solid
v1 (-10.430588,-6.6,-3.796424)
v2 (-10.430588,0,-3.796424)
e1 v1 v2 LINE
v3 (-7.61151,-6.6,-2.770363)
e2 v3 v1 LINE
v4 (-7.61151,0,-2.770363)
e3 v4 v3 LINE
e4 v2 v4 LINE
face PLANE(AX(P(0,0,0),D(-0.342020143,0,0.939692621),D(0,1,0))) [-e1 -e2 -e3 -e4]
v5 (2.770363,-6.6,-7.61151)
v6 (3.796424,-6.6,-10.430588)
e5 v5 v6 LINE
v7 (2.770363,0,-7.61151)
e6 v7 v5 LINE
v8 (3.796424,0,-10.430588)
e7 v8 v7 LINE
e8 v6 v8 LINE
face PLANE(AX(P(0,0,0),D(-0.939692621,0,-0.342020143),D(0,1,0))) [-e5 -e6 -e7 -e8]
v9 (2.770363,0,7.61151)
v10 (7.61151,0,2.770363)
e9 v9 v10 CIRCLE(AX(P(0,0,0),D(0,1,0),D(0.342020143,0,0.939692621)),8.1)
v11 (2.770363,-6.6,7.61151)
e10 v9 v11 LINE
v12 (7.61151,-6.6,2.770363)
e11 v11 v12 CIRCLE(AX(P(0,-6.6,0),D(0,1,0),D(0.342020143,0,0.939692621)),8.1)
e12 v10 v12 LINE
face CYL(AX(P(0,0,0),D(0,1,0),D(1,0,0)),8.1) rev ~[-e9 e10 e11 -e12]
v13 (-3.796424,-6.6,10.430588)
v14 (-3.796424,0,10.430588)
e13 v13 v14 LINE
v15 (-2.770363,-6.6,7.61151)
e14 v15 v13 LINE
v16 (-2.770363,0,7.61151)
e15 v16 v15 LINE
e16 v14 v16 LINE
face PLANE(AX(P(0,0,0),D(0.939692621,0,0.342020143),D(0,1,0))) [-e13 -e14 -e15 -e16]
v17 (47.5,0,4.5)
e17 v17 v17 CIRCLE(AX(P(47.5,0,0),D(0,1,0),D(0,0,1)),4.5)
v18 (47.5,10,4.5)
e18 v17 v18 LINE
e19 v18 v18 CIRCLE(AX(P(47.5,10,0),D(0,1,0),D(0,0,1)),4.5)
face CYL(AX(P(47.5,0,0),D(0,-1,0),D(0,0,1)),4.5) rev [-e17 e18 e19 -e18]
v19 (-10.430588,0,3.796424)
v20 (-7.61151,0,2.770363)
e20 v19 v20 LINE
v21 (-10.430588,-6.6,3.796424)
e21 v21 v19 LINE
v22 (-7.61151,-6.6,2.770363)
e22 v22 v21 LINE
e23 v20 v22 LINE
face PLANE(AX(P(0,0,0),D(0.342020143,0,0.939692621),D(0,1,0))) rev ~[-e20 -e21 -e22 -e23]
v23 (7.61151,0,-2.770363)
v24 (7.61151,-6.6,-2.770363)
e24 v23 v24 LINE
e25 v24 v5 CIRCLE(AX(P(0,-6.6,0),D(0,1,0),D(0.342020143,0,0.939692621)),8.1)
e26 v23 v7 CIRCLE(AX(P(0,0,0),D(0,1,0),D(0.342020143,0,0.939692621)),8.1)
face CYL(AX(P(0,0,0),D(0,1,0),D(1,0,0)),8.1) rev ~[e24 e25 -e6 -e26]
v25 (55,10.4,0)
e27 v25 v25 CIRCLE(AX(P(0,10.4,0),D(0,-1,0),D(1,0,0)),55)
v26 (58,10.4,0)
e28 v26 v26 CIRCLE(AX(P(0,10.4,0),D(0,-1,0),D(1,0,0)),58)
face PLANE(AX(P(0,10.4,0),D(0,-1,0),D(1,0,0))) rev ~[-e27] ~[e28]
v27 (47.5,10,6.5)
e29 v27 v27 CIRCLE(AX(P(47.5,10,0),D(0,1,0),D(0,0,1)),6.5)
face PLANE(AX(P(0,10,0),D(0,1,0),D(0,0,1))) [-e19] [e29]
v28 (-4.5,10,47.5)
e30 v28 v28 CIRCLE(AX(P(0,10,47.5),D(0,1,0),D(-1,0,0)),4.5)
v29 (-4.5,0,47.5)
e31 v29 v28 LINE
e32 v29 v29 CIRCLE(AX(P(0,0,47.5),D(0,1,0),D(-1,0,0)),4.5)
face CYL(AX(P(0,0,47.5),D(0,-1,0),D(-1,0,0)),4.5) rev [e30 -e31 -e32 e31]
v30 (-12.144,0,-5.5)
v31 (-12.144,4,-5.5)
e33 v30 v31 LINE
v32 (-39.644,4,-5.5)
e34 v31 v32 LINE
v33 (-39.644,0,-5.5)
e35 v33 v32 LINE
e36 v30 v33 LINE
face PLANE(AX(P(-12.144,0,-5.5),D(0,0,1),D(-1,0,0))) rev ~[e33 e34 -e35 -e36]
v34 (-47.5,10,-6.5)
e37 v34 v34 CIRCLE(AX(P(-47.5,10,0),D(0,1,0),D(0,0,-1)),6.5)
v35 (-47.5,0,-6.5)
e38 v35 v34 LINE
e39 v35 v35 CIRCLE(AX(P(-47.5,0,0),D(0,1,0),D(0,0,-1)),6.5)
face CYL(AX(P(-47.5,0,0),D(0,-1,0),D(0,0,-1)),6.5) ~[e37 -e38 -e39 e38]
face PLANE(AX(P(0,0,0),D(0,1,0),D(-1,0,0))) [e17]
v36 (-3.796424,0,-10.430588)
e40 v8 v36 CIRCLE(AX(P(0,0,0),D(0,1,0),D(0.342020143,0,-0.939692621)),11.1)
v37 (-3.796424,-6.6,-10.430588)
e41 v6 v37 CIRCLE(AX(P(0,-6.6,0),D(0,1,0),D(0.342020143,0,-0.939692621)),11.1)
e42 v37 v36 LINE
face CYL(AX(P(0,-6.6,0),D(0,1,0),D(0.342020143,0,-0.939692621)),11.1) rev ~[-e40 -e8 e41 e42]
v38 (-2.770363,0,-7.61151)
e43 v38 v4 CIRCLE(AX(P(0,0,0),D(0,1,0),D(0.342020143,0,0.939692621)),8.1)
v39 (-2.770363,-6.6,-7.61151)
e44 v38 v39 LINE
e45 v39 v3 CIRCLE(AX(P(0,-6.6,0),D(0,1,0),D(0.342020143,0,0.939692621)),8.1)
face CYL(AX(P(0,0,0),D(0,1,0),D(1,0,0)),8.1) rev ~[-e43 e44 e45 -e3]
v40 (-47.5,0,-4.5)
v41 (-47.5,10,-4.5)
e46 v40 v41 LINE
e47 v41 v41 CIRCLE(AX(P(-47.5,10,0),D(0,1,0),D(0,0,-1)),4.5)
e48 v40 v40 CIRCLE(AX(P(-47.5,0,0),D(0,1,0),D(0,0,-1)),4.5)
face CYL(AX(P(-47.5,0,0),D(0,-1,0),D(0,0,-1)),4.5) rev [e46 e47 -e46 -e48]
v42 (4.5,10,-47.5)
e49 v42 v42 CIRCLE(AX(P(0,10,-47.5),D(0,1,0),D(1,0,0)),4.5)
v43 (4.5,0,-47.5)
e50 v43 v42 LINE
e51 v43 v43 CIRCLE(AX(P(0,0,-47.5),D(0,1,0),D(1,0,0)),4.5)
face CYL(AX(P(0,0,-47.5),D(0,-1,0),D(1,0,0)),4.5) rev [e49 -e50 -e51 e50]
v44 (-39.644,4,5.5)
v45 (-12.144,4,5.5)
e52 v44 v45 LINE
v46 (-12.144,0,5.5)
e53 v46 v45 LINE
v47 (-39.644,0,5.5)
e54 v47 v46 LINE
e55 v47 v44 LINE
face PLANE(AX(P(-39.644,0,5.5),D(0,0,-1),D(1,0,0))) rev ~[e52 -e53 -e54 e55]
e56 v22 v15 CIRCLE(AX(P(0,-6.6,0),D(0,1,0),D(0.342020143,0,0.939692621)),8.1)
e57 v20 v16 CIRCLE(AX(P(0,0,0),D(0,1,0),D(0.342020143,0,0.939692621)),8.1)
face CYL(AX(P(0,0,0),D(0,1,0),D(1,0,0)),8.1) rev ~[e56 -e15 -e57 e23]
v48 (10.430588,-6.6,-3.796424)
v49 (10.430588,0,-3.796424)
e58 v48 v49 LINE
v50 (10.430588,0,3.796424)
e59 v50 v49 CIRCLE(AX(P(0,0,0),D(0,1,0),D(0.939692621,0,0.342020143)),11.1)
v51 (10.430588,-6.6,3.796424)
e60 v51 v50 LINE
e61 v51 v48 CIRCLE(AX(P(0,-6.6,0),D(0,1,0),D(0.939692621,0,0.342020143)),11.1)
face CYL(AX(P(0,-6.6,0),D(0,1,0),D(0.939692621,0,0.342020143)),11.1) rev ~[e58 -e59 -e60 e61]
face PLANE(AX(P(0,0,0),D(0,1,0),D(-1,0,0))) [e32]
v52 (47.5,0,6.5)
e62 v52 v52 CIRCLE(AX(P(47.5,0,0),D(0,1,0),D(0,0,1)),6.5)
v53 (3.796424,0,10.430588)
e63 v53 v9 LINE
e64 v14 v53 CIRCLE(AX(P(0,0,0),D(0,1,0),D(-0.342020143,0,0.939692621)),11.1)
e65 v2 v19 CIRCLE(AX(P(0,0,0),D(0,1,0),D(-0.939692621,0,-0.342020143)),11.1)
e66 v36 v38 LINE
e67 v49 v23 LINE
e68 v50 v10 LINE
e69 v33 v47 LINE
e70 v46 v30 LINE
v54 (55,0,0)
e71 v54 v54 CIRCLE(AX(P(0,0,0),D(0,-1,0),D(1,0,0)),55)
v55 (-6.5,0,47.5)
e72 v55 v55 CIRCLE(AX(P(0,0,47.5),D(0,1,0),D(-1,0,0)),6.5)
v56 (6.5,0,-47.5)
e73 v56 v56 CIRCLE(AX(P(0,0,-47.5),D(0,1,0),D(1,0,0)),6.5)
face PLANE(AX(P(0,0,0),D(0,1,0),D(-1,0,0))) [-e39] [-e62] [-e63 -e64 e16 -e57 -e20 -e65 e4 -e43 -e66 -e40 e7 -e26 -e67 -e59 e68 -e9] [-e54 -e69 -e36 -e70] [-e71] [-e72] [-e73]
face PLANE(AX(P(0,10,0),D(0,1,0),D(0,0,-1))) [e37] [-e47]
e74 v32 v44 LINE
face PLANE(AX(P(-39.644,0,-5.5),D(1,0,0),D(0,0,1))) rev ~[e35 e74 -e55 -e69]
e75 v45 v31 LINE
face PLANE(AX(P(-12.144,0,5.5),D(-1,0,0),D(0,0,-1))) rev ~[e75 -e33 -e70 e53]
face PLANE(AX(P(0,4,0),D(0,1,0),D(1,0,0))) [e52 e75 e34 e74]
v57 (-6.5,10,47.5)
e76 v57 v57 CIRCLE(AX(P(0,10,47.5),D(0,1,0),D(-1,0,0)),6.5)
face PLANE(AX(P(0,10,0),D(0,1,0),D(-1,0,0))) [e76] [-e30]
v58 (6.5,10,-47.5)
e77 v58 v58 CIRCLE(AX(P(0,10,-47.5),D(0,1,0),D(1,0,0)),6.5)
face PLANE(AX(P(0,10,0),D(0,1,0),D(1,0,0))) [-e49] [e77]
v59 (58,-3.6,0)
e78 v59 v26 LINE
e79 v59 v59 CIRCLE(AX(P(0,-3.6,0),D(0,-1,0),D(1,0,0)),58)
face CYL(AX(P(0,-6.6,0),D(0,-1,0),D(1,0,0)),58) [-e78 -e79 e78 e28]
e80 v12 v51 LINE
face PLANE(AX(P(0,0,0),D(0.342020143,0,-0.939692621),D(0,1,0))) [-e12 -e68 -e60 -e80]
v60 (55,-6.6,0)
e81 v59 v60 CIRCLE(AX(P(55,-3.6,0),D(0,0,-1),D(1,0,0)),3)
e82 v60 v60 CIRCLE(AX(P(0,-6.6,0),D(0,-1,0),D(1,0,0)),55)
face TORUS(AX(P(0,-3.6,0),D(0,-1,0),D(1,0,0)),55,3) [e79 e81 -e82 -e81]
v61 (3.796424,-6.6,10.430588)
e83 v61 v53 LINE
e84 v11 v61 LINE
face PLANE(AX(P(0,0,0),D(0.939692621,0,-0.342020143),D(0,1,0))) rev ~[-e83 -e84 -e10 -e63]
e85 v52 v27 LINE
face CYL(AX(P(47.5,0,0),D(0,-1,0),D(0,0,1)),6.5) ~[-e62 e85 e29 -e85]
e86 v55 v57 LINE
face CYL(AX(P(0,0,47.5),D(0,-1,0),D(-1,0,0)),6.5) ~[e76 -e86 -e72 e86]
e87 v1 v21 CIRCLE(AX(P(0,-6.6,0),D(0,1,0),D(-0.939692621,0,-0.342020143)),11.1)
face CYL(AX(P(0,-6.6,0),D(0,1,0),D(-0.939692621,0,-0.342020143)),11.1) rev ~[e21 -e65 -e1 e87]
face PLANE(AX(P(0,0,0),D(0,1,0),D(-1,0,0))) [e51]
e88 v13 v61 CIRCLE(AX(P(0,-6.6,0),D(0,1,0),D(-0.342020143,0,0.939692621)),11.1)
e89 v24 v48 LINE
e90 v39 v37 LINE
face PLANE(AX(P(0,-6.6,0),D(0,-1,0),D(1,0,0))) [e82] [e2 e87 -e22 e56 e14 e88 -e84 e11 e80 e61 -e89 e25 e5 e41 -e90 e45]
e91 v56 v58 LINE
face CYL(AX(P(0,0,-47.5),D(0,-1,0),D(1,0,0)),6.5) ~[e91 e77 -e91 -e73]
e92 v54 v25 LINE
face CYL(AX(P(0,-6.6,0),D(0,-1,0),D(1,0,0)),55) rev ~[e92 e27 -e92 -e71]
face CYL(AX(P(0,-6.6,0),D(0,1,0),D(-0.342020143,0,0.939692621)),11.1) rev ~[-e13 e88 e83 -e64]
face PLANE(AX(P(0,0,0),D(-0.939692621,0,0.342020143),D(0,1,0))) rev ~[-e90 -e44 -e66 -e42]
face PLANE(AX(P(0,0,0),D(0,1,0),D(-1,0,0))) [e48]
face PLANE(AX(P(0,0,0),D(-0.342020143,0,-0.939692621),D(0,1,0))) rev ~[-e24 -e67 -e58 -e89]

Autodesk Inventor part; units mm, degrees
ref_plane "YZ Plane" through (0, 0, 0) normal (1, 0, 0) x (0, 1, 0)
ref_plane "XZ Plane" through (0, 0, 0) normal (0, 1, 0) x (-1, 0, 0)
ref_plane "XY Plane" through (0, 0, 0) normal (0, 0, 1) x (1, 0, 0)
sketch "Sketch1" plane through (0, 0, 0) normal (0, 1, 0) x (-1, 0, 0)
  circle A0 centre (0, 0) radius 55
  dimension "d4" = 110
sketch "Sketch2" plane through (0, 0, 0) normal (0, 1, 0) x (-1, 0, 0)
  circle A0 centre (0, 0) radius 40 construction
  circle A1 centre (0, 0) radius 47.5 construction
  circle A2 centre (0, 47.5) radius 4.5
  circle A3 centre (0, 47.5) radius 6.5
  dimension "d11" = 95
  dimension "d10" = 80
  dimension "d12" = 9
  dimension "d13" = 13
extrude "Extrusion1" add sketch "Sketch1" against normal blind 6.6
extrude "Extrusion2" add sketch "Sketch2" along normal blind 10
pattern_circular "Circular Pattern1" count 4 over 360 about axis through (0, -10, 0) along (0, 1, 0) of "Extrusion2"
sketch "Sketch3" plane through (0, -6.6, 0) normal (0, -1, 0) x (1, 0, 0)
  circle A0 centre (0, 0) radius 55
  circle A1 centre (0, 0) radius 55 projected
  circle A2 centre (0, 0) radius 58
  dimension "d21" = 116
extrude "Extrusion3" add sketch "Sketch3" against normal blind 17
sketch "Sketch4" plane through (0, 0, 0) normal (0, 1, 0) x (1, 0, 0)
  circle A0 centre (0, 0) radius 8.1
  dimension "d24" = 16.2
extrude "Extrusion4" cut sketch "Sketch4" against normal blind 30
sketch "Sketch6" plane through (0, 0, 0) normal (1, 0, 0) x (0, 1, 0)
  line L0 (0, 8.1) -> (0, -8.1) projected
  line L1 (-6.6, -58) -> (-6.6, 58) projected
  line L2 (0, 8.1) -> (-6.6, 8.1)
  line L3 (-6.6, 8.1) -> (-6.6, 11.1)
  line L4 (-6.6, 11.1) -> (0, 11.1)
  line L5 (0, 11.1) -> (0, 8.1)
  line L6 (-8.4, 0) -> (1.4, 0) projected
  point P0 (0, 0)
  dimension "d27" = 3
revolve "Revolution1" cut sketch "Sketch6" angle 40 mid plane about axis through (0, -10, 0) along (0, 1, 0) contours L2 L1 L4 L5
pattern_circular "Circular Pattern2" count 4 over 360 about axis through (0, -10, 0) along (0, 1, 0) of "Revolution1"
fillet "Fillet1" radius 3 1 edges at (-58, -6.6, 0)
sketch "Sketch7" plane through (0, 0, 0) normal (0, 1, 0) x (1, 0, 0)
  circle A0 centre (0, 0) radius 12.5 construction
  line L0 (-12.144, 5.5) -> (-39.644, 5.5)
  line L1 (-39.644, 5.5) -> (-39.644, -5.5)
  line L2 (-39.644, -5.5) -> (-12.144, -5.5)
  line L3 (-12.144, -5.5) -> (-12.144, 5.5)
  dimension "d33" = 25
  dimension "d34" = 27.5
  dimension "d35" = 11
  dimension "d36" = 5.5
extrude "Extrusion5" add sketch "Sketch7" along normal blind 4
properties part number "BaseHumedadDireccion"
